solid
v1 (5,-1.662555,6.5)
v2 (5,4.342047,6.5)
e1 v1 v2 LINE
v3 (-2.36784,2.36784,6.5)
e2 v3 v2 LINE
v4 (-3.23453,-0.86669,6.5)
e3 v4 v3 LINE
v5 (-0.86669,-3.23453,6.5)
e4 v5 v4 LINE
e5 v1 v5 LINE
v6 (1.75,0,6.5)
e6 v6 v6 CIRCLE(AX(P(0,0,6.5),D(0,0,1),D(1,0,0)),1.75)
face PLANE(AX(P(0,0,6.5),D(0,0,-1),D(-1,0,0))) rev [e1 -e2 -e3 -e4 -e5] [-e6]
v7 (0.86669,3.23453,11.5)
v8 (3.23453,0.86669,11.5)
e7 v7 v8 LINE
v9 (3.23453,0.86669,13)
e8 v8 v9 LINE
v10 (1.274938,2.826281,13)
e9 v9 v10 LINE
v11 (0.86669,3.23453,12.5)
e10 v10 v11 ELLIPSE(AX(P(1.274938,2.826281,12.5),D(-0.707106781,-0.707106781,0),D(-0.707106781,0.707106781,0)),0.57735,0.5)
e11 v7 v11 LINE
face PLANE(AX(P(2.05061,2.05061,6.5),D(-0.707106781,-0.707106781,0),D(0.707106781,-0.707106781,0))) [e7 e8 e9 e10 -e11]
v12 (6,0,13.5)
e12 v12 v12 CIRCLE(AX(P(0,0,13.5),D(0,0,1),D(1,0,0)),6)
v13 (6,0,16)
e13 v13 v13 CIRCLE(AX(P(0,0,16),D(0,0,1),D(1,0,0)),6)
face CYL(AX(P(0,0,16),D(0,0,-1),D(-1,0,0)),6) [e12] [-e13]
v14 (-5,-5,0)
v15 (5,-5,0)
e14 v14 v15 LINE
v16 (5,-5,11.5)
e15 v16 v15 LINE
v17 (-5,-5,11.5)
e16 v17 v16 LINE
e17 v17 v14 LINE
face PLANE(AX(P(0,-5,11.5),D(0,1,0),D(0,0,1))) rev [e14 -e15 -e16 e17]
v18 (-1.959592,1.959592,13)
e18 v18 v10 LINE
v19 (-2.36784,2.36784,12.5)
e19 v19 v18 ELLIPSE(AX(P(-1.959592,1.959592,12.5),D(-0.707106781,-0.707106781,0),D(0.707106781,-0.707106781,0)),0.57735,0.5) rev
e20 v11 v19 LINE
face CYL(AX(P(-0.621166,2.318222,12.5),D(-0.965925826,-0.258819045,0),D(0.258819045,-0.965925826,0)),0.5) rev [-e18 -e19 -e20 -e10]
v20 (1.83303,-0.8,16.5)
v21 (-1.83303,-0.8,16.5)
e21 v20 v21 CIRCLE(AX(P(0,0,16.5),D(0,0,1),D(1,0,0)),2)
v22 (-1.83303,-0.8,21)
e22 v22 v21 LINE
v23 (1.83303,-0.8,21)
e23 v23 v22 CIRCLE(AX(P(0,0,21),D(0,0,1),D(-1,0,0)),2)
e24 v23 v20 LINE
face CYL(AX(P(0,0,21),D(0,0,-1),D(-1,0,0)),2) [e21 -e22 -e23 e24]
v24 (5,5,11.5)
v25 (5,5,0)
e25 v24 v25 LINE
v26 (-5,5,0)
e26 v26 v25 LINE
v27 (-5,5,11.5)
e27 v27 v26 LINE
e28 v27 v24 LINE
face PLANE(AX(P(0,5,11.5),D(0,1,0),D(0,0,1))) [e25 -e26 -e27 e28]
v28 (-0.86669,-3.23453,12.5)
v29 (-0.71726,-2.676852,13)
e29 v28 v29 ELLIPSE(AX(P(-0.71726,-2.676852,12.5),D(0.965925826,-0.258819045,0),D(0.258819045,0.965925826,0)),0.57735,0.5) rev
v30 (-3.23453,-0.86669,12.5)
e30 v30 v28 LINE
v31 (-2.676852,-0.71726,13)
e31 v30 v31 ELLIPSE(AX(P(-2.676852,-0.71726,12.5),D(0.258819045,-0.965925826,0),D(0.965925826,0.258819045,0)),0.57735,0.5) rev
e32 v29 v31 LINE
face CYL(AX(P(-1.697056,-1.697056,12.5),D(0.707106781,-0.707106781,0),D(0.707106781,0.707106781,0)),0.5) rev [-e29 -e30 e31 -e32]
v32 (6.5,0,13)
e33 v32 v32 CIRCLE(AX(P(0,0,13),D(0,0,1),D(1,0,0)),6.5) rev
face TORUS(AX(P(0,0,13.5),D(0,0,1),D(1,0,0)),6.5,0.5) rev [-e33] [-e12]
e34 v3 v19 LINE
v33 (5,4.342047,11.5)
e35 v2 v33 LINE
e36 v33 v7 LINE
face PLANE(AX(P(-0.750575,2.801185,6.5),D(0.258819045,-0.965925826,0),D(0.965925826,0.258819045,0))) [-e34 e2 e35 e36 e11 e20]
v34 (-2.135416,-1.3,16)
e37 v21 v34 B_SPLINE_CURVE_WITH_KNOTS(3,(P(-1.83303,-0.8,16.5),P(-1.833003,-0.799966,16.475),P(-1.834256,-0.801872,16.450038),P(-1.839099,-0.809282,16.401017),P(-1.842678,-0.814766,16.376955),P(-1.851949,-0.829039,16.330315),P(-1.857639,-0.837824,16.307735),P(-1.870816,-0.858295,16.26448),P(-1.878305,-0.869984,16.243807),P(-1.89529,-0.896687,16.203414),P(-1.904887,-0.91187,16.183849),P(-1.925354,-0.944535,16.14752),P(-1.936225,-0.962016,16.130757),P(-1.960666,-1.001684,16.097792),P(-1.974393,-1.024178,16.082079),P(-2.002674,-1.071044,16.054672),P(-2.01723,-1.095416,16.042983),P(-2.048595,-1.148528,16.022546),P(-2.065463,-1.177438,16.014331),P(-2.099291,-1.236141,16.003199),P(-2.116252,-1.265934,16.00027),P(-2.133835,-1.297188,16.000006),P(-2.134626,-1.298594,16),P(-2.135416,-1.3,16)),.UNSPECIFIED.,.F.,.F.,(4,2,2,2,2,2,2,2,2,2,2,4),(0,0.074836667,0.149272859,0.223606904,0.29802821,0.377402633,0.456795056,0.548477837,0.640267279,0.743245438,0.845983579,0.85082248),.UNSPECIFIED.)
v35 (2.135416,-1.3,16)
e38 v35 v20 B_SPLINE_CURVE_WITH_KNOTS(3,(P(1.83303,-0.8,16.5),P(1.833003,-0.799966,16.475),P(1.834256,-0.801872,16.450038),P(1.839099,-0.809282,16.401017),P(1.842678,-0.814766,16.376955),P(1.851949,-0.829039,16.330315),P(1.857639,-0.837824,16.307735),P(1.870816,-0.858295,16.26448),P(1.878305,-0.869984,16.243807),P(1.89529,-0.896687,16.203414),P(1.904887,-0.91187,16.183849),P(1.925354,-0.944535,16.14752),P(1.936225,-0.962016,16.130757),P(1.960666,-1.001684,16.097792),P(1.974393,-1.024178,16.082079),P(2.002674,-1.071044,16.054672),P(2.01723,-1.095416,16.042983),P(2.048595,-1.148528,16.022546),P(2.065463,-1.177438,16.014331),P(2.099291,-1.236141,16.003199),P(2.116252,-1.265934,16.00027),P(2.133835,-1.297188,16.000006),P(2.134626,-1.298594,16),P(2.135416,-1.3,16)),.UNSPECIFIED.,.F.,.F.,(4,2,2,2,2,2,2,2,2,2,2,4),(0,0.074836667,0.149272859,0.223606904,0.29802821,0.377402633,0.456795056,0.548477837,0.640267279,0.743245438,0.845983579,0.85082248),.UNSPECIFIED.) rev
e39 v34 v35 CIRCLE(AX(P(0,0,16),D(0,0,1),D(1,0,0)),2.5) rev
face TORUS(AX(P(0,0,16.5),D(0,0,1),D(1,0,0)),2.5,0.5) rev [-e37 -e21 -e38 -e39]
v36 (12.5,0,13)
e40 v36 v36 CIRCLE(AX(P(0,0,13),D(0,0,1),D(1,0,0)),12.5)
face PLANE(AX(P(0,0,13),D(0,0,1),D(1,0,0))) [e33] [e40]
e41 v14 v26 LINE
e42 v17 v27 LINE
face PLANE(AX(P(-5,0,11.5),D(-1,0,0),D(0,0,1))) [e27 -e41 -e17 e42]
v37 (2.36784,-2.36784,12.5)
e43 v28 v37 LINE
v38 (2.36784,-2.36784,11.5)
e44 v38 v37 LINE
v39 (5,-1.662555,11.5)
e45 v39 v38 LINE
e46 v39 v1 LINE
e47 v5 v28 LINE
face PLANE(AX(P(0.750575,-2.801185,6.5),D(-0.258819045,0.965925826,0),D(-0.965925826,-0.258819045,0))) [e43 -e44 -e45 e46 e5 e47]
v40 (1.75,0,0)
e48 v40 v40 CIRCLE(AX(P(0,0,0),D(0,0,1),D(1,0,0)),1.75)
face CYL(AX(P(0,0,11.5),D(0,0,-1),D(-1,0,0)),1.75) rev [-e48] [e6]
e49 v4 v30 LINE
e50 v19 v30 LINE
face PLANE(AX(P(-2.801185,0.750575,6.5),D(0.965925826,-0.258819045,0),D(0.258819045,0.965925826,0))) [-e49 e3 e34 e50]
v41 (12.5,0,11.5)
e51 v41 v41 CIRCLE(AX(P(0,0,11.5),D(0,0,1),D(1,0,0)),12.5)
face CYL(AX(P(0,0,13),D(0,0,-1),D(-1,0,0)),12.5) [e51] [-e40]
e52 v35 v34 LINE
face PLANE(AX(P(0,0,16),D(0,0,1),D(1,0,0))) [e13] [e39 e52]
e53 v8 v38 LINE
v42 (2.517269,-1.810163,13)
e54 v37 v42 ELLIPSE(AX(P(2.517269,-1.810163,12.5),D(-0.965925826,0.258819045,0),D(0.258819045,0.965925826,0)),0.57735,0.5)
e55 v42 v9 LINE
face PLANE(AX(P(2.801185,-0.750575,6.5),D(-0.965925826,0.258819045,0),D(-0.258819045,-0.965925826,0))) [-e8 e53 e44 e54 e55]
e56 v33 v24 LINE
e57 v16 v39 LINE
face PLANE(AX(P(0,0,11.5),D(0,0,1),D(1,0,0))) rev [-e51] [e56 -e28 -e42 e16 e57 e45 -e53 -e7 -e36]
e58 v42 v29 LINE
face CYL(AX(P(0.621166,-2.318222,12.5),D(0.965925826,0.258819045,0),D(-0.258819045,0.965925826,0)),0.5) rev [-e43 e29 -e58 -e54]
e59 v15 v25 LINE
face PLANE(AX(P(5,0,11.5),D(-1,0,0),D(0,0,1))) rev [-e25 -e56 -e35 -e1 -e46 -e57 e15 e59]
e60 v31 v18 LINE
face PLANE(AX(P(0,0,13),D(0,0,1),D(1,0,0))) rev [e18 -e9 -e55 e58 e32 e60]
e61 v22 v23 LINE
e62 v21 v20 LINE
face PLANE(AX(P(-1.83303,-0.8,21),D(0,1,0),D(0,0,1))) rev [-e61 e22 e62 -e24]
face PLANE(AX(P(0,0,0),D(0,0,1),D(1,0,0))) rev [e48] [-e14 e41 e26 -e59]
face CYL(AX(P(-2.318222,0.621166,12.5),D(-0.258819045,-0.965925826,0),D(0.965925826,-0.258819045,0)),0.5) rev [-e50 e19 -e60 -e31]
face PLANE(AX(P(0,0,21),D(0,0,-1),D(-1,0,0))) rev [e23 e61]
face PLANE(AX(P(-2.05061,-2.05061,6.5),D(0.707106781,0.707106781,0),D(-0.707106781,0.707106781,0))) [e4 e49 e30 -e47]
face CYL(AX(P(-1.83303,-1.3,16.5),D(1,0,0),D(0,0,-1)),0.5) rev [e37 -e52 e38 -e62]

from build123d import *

# Parameters (mm, degrees)
SKETCH3_W           = 10
SKETCH3_H           = 10
SKETCH3_R           = 1.75
BOSS_EXTRUDE4_DEPTH = 11.5
CUT_EXTRUDE1_START  = 11.5
CUT_EXTRUDE1_DEPTH  = 5
SKETCH4_R           = 12.5
BOSS_EXTRUDE5_DEPTH = 1.5
SKETCH5_W           = 5
SKETCH5_H           = 5.8
CUT_EXTRUDE2_DEPTH  = 14.634995112
SKETCH6_R           = 6
BOSS_EXTRUDE6_DEPTH = 3
FILLET1_R           = 0.5
FILLET2_R           = 0.5
BOSS_EXTRUDE7_DEPTH = 5
FILLET3_R           = 0.5


with BuildPart() as part:
    # Sketch3 → Boss-Extrude4 (new body)
    with BuildSketch(Plane.XY):
        Rectangle(SKETCH3_W, SKETCH3_H)
        Circle(SKETCH3_R, mode=Mode.SUBTRACT)
    extrude(amount=BOSS_EXTRUDE4_DEPTH)

    # Sketch3<3> → Cut-Extrude1 (cut)
    with BuildSketch(Plane.XY.offset(CUT_EXTRUDE1_START)):
        Polygon((3.234529708, 0.866689623), (0.866689623, 3.234529708), (-2.367840085, 2.367840085), (-3.234529708, -0.866689623), (-0.866689623, -3.234529708), (2.367840085, -2.367840085), align=None)
    extrude(amount=-CUT_EXTRUDE1_DEPTH, mode=Mode.SUBTRACT)

    # Sketch4 → Boss-Extrude5 (add)
    with BuildSketch(Plane.XY.offset(11.5)):
        Circle(SKETCH4_R)
        Polygon((3.234529708, 0.866689623), (0.866689623, 3.234529708), (-2.367840085, 2.367840085), (-3.234529708, -0.866689623), (-0.866689623, -3.234529708), (2.367840085, -2.367840085), align=None, mode=Mode.SUBTRACT)
    extrude(amount=BOSS_EXTRUDE5_DEPTH)

    # Sketch5 → Cut-Extrude2 (cut, through all)
    with BuildSketch(Plane(origin=(2.92867424, -4.460901648, 0), x_dir=(0, 0, 1), z_dir=(0.965925826, 0.258819045, 0))):
        with Locations((9, -5.066896781)):
            Rectangle(SKETCH5_W, SKETCH5_H)
    extrude(amount=CUT_EXTRUDE2_DEPTH, mode=Mode.SUBTRACT)

    # Sketch6 → Boss-Extrude6 (add)
    with BuildSketch(Plane.XY.offset(13)):
        Circle(SKETCH6_R)
    extrude(amount=BOSS_EXTRUDE6_DEPTH)

    # Fillet1
    fillet1_edges = [part.edges().sort_by_distance(p)[0] for p in [
        (-0.750575231, 2.801184896, 13),
        (-2.801184896, 0.750575231, 13),
        (-2.050609665, -2.050609665, 13),
        (0.750575231, -2.801184896, 13),
    ]]
    fillet(fillet1_edges, radius=FILLET1_R)

    # Fillet2
    fillet2_edges = [part.edges().sort_by_distance(p)[0] for p in [
        (-6, 0, 13),
    ]]
    fillet(fillet2_edges, radius=FILLET2_R)

    # Sketch7 → Boss-Extrude7 (add)
    with BuildSketch(Plane.XY.offset(16)):
        with BuildLine():
            Line((-1.833030278, -0.8), (1.833030278, -0.8))
            ThreePointArc((1.833030278, -0.8), (0, 2), (-1.833030278, -0.8))
        make_face()
    extrude(amount=BOSS_EXTRUDE7_DEPTH)

    # Fillet3
    fillet3_edges = [part.edges().sort_by_distance(p)[0] for p in [
        (0, 2, 16),
        (0, -0.8, 16),
    ]]
    fillet(fillet3_edges, radius=FILLET3_R)


solid = part.part
